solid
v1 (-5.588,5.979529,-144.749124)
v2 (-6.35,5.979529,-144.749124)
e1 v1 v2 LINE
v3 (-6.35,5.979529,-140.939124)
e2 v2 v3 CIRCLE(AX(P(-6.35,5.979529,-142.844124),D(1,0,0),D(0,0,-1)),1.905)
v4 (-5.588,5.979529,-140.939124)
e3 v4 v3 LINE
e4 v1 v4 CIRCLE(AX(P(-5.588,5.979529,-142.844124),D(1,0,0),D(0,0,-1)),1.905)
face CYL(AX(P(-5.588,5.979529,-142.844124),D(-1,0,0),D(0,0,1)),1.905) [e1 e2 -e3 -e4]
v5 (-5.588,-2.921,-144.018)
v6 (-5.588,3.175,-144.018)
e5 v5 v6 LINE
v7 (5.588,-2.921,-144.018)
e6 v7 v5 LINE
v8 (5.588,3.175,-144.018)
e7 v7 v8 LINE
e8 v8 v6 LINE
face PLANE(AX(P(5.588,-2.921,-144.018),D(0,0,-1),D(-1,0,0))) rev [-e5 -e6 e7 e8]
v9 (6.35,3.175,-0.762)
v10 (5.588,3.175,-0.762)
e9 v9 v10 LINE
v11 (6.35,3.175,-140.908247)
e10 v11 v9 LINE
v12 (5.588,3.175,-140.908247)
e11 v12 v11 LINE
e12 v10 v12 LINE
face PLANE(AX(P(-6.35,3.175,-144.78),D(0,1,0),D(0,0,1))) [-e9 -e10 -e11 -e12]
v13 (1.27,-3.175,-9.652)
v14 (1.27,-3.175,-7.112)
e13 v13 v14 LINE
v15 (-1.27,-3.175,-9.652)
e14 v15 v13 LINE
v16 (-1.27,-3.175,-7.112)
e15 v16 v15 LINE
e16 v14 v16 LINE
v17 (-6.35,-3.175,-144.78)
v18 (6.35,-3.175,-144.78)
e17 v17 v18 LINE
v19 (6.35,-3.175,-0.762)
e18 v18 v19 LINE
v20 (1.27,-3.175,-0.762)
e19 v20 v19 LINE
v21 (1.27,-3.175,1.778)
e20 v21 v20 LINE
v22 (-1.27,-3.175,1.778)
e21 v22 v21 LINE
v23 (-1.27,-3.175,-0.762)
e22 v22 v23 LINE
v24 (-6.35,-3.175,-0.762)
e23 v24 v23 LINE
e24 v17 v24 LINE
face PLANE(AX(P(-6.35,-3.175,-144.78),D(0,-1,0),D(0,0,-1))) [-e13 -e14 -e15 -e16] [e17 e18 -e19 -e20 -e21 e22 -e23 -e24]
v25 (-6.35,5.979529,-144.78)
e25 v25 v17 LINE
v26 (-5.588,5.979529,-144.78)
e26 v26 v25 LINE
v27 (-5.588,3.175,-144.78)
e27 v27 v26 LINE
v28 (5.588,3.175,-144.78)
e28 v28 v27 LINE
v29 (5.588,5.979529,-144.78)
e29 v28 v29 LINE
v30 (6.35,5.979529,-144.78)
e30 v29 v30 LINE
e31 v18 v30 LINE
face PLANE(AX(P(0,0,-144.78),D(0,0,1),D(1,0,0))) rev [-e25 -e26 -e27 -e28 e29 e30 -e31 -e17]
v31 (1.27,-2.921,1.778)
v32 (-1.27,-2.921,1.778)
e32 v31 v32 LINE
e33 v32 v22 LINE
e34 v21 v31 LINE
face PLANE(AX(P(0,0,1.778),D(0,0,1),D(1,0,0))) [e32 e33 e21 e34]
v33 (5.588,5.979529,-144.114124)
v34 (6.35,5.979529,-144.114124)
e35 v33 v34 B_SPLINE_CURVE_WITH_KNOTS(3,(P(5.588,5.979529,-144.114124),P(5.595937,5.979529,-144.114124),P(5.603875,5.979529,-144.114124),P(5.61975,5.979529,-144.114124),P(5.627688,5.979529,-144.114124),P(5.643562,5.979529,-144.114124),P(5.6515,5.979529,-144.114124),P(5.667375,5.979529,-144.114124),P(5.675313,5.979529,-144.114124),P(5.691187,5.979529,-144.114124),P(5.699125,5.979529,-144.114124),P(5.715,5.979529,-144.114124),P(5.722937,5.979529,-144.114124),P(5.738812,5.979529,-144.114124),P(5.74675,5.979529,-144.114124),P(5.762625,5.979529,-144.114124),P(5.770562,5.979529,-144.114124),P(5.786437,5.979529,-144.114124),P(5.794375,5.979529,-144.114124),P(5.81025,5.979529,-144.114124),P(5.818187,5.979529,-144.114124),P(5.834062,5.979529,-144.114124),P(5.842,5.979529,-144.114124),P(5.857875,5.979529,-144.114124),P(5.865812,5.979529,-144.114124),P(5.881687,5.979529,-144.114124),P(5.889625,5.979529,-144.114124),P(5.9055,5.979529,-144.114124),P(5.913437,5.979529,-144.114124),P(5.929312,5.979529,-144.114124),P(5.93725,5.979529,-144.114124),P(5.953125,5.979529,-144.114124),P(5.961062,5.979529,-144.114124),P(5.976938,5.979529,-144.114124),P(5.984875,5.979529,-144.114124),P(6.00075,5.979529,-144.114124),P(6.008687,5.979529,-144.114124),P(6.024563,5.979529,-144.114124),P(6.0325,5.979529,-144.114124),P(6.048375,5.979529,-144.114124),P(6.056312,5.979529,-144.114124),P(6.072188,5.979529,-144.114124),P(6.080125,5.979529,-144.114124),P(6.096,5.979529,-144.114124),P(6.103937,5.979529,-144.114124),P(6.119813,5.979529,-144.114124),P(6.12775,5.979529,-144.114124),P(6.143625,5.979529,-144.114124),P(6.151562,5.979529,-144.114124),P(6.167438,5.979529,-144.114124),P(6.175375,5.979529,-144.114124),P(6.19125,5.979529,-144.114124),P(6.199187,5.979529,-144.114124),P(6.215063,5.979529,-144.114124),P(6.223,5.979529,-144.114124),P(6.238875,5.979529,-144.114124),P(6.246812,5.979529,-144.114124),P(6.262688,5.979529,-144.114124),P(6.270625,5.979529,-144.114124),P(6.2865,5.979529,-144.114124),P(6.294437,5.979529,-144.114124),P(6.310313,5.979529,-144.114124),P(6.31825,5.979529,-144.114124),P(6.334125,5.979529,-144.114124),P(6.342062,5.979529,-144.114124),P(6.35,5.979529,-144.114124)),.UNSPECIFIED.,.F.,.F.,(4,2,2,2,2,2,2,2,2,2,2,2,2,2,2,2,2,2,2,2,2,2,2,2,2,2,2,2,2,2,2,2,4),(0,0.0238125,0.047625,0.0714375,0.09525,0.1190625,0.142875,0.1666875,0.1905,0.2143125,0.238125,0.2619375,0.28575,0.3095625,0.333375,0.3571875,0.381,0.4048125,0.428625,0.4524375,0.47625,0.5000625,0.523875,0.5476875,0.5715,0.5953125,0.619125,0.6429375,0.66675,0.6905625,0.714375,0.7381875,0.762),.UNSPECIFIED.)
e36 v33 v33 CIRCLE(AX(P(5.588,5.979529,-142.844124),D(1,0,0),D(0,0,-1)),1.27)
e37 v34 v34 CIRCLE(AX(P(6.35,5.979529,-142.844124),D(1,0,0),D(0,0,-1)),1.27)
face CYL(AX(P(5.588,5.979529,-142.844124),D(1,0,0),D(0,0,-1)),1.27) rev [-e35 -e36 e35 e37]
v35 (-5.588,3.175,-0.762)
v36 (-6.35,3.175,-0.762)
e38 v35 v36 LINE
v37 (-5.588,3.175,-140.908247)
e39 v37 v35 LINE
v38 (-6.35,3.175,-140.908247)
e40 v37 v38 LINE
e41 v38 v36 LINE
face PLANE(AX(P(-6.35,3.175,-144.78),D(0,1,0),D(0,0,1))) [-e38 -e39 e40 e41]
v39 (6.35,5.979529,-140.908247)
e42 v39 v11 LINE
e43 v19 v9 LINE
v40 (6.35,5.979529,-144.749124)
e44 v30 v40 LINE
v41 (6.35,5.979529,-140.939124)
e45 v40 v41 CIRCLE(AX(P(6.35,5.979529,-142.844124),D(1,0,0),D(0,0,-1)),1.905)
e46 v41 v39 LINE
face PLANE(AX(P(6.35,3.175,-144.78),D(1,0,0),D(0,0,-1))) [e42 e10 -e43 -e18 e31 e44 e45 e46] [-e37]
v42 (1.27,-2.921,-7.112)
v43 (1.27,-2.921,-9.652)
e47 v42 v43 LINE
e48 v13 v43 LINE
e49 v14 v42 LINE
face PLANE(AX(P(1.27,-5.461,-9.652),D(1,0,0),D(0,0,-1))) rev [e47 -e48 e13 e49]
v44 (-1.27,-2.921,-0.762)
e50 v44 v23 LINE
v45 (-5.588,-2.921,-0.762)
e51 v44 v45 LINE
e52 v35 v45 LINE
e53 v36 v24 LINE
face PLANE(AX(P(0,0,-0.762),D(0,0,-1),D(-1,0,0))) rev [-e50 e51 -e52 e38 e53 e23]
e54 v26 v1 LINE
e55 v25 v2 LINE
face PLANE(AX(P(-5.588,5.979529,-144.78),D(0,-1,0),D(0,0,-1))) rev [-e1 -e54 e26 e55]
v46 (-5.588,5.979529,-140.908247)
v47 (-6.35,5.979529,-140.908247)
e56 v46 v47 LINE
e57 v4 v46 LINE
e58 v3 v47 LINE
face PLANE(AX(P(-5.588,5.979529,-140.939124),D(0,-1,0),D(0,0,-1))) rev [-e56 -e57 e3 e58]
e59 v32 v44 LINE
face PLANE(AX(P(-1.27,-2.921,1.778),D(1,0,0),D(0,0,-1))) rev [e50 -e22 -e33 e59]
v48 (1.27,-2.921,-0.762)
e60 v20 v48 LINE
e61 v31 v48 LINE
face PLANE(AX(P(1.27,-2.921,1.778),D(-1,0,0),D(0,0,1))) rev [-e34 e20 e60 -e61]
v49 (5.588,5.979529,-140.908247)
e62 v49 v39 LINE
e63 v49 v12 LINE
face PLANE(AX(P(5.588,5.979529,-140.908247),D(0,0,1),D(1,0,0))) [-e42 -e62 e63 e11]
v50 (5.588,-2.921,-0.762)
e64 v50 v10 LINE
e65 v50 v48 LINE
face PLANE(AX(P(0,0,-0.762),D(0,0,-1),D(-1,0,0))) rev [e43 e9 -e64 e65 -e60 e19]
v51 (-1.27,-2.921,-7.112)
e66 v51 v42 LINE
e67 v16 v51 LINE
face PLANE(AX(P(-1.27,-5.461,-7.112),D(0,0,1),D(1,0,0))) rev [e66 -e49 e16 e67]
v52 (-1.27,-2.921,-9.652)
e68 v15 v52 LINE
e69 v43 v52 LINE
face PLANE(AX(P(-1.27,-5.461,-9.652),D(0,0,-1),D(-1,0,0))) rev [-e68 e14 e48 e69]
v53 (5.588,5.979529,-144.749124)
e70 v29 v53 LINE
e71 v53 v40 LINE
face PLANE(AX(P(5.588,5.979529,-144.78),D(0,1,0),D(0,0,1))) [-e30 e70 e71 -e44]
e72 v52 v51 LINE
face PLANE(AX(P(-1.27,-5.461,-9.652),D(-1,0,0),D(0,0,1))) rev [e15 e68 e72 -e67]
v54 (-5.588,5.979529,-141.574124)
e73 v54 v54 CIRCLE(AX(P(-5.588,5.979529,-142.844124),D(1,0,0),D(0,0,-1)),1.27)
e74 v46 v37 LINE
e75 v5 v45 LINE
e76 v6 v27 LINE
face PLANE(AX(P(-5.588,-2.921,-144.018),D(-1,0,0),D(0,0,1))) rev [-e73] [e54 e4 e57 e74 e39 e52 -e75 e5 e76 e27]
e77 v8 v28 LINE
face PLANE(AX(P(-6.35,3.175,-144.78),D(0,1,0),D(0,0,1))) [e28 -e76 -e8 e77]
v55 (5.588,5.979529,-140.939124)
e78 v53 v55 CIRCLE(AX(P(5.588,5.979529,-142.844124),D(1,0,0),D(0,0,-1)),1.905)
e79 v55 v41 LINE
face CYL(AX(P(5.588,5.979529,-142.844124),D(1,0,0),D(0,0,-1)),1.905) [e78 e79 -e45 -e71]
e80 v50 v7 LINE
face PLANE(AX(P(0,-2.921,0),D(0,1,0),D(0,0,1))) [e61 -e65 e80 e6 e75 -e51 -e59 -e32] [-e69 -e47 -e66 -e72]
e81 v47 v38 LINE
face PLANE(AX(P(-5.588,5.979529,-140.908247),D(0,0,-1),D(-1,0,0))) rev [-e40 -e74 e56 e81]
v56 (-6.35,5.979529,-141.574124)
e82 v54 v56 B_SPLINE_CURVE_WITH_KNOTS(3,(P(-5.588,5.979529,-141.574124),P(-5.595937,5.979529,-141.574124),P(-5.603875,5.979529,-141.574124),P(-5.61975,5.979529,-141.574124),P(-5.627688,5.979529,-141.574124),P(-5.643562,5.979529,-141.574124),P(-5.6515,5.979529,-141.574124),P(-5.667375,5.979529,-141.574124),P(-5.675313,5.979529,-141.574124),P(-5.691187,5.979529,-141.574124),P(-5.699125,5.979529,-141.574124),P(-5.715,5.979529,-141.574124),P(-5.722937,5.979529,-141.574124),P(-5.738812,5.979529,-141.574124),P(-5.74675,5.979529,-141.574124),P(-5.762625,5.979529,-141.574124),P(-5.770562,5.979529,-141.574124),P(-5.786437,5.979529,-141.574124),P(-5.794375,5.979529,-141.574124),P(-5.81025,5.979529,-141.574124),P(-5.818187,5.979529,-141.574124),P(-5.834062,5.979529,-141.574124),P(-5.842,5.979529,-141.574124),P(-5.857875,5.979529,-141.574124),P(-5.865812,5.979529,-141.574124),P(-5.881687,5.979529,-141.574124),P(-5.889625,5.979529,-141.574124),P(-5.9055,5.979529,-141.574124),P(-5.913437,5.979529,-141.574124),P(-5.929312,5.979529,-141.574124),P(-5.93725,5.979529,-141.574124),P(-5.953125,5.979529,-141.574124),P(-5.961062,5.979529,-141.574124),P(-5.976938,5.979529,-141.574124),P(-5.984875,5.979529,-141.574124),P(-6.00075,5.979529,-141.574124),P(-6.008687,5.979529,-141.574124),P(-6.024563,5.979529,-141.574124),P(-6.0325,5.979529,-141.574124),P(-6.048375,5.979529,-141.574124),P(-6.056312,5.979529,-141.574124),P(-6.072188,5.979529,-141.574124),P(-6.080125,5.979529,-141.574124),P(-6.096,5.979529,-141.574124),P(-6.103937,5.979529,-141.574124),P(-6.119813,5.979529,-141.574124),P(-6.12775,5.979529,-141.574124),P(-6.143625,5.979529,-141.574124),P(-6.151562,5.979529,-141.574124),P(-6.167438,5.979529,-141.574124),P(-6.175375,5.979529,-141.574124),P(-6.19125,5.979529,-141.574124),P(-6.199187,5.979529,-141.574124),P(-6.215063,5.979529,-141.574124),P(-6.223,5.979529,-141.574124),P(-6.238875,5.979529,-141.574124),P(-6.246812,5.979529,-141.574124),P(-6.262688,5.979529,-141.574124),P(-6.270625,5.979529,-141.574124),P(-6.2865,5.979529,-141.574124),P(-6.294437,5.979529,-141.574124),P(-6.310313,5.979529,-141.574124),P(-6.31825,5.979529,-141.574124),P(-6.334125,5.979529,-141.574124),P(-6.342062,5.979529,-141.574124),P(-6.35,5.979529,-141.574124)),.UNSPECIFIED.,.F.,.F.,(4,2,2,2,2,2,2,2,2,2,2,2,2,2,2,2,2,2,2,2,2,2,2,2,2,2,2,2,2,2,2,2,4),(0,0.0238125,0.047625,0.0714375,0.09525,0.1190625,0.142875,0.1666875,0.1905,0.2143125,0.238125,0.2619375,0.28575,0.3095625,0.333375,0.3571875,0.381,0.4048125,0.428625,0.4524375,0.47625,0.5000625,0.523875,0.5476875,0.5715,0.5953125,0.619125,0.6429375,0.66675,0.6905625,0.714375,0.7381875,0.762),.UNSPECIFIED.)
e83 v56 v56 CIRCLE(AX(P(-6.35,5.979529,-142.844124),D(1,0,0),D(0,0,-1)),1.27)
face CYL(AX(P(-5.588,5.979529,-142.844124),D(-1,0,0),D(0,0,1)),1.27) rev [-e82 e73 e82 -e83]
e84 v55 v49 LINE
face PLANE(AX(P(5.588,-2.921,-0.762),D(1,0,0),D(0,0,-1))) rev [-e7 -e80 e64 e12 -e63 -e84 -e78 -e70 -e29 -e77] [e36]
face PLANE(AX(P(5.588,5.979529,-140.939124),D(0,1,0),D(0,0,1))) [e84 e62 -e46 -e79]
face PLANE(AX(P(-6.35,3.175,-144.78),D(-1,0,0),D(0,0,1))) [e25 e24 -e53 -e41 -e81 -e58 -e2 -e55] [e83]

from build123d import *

# Parameters (mm, degrees)
SKETCH1_W           = 12.7
SKETCH1_H           = 6.35
BOSS_EXTRUDE1_DEPTH = 144.78
CUT_EXTRUDE1_DEPTH  = 6.096
SKETCH3_R           = 1.27
BOSS_EXTRUDE2_DEPTH = 0.762
SKETCH5_W           = 12.7
SKETCH5_H           = 6.35
CUT_EXTRUDE2_DEPTH  = 0.762
SKETCH6_W           = 2.54
SKETCH6_H           = 0.254
BOSS_EXTRUDE3_DEPTH = 2.54
SKETCH8_W           = 2.54
SKETCH8_H           = 2.54
CUT_EXTRUDE3_DEPTH  = 2.54


with BuildPart() as part:
    # Sketch1 → Boss-Extrude1 (new body)
    with BuildSketch(Plane.XY):
        Rectangle(SKETCH1_W, SKETCH1_H)
    extrude(amount=-BOSS_EXTRUDE1_DEPTH)

    # Sketch2 → Cut-Extrude1 (cut)
    with BuildSketch(Plane(origin=(0, 3.175, 0), x_dir=(1, 0, 0), z_dir=(0, 1, 0))):
        Polygon((5.588, 0.381), (-5.588, 0.381), (-5.588, 0.762), (-5.588, 144.018), (5.588, 144.018), (5.588, 0.762), align=None)
    extrude(amount=-CUT_EXTRUDE1_DEPTH, mode=Mode.SUBTRACT)

    # Sketch3 → Boss-Extrude2 (add)
    with BuildSketch(Plane(origin=(6.35, 0, 0), x_dir=(0, 0, -1), z_dir=(1, 0, 0))):
        with BuildLine():
            Line((144.78, 3.175), (144.78, 5.979528965))
            Line((144.78, 5.979528965), (144.749123731, 5.979528965))
            ThreePointArc((144.749123731, 5.979528965), (142.844123731, 7.884528965), (140.939123731, 5.979528965))
            Line((140.939123731, 5.979528965), (140.908247462, 5.979528965))
            Line((140.908247462, 5.979528965), (140.908247462, 3.175))
            Line((140.908247462, 3.175), (144.78, 3.175))
        make_face()
        with Locations((142.844123731, 5.979528965)):
            Circle(SKETCH3_R, mode=Mode.SUBTRACT)
    boss_extrude2 = extrude(amount=-BOSS_EXTRUDE2_DEPTH)

    # Mirror1: Boss-Extrude2 across plane
    add(boss_extrude2.mirror(Plane(origin=(0, 0, 0), x_dir=(0, 0, 1), z_dir=(1, 0, 0))))

    # Sketch5 → Cut-Extrude2 (cut)
    with BuildSketch(Plane.XY):
        Rectangle(SKETCH5_W, SKETCH5_H)
    extrude(amount=-CUT_EXTRUDE2_DEPTH, mode=Mode.SUBTRACT)

    # Sketch6 → Boss-Extrude3 (add)
    with BuildSketch(Plane.XY.offset(-0.762)):
        with Locations((0, -3.048)):
            Rectangle(SKETCH6_W, SKETCH6_H)
    extrude(amount=BOSS_EXTRUDE3_DEPTH)

    # Sketch8 → Cut-Extrude3 (cut)
    with BuildSketch(Plane(origin=(0, -2.921, 0), x_dir=(1, 0, 0), z_dir=(0, 1, 0))):
        with Locations((0, 8.382)):
            Rectangle(SKETCH8_W, SKETCH8_H)
    extrude(amount=-CUT_EXTRUDE3_DEPTH, mode=Mode.SUBTRACT)


solid = part.part
